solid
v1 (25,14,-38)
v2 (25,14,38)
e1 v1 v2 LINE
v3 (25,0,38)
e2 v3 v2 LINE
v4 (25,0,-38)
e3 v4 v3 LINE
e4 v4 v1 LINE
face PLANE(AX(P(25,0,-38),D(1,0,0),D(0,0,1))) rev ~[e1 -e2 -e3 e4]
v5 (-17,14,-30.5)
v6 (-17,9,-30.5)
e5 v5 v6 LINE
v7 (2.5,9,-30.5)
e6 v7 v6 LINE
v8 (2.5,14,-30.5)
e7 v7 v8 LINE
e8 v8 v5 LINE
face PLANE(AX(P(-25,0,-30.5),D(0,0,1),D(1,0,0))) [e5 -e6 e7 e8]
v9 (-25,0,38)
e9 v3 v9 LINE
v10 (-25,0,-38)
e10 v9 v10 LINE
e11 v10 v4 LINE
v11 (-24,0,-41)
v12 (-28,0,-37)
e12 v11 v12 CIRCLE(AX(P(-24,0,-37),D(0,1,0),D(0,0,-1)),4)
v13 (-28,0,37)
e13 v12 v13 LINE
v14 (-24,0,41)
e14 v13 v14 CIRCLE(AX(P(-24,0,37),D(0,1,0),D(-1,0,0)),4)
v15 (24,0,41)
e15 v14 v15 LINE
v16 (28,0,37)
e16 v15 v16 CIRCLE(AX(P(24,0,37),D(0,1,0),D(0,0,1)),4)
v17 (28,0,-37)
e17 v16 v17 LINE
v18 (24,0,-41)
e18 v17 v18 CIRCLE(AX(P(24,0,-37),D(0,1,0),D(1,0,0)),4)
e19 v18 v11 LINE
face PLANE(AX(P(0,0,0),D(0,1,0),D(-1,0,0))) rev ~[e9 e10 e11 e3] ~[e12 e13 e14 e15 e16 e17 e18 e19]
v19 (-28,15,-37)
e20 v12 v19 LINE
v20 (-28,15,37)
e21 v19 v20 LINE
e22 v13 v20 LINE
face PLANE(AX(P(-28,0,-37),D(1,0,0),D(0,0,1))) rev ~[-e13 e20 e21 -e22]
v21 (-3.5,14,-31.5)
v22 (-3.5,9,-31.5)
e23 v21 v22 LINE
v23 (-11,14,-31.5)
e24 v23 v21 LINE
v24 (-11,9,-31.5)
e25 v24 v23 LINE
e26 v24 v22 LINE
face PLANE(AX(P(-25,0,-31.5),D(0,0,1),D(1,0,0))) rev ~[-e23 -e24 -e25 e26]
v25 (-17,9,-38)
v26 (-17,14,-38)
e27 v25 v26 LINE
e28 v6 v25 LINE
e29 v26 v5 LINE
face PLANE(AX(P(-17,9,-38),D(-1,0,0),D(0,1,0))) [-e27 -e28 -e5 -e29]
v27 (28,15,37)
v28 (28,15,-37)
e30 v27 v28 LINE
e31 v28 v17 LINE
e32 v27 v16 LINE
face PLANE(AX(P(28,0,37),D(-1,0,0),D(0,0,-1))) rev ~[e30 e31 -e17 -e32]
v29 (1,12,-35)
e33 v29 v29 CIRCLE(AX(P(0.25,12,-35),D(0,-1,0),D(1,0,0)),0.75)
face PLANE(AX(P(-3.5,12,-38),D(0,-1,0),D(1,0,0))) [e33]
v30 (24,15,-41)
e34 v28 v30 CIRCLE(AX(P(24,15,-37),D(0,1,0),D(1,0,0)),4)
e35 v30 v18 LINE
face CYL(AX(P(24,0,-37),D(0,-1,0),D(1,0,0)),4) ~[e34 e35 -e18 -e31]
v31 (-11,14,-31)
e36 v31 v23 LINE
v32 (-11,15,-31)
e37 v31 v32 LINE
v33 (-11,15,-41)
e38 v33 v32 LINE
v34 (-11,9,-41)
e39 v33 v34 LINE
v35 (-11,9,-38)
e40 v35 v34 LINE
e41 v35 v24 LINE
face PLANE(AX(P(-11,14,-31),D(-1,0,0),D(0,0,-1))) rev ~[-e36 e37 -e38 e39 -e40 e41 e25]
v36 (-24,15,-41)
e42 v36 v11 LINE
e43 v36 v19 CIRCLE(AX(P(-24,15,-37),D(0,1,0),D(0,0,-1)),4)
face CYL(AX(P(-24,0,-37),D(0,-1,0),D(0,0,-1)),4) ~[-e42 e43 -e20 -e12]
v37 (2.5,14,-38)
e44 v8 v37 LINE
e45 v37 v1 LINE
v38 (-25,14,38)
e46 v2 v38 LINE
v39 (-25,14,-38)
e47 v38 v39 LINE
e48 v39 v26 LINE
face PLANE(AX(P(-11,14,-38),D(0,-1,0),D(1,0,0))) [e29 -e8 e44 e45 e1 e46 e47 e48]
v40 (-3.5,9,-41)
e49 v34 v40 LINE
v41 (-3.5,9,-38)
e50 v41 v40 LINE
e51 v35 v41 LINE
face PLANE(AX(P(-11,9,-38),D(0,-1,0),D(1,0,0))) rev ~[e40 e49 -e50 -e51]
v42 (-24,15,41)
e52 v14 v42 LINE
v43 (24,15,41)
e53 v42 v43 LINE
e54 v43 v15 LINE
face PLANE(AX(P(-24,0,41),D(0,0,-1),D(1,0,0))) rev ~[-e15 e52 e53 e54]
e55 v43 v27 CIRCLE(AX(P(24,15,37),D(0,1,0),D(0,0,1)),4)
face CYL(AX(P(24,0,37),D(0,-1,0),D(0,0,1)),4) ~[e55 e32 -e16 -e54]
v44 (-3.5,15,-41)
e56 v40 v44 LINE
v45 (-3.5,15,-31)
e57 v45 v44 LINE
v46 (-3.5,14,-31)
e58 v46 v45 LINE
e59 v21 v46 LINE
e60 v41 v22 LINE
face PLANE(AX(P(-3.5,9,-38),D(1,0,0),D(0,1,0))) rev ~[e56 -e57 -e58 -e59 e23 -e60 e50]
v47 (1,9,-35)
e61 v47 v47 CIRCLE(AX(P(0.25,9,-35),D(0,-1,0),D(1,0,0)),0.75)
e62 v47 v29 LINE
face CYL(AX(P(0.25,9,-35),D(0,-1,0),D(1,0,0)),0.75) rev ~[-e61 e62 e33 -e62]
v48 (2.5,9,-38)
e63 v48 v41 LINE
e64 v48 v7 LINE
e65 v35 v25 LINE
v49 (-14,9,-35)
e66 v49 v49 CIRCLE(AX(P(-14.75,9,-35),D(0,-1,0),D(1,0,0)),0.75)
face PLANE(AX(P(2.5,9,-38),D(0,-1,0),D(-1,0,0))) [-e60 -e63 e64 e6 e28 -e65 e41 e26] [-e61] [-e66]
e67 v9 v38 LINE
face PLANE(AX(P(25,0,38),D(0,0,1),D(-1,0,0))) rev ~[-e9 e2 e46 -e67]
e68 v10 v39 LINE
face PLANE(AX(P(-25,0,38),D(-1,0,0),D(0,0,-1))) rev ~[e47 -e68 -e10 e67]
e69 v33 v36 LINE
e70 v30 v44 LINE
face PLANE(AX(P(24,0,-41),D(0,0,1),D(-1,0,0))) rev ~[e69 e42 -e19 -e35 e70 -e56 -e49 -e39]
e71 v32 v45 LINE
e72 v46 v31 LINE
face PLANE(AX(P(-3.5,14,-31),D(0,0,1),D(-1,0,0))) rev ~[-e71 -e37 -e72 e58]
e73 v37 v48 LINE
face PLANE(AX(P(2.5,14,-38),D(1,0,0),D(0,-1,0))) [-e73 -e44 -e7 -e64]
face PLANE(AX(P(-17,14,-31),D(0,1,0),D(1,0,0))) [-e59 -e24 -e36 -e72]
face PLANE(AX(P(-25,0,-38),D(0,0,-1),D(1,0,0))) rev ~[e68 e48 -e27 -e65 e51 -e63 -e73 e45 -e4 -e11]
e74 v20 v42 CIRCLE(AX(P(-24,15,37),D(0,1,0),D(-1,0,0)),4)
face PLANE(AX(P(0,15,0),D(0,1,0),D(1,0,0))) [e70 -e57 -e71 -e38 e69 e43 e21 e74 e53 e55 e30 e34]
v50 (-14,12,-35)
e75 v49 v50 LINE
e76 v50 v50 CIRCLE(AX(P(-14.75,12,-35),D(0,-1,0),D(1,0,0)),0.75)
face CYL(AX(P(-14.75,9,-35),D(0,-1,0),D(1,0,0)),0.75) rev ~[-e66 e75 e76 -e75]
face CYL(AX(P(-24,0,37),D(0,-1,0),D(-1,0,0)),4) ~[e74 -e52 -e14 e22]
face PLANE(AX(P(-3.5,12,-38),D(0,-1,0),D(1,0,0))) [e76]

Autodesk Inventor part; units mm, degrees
ref_plane "YZ Plane" through (0, 0, 0) normal (1, 0, 0) x (0, 1, 0)
ref_plane "XZ Plane" through (0, 0, 0) normal (0, 1, 0) x (-1, 0, 0)
ref_plane "XY Plane" through (0, 0, 0) normal (0, 0, 1) x (1, 0, 0)
sketch "Boceto1" plane through (0, 0, 0) normal (0, 1, 0) x (-1, 0, 0)
  point P0 (0, 0)
sketch "Boceto2" plane through (0, 0, 0) normal (0, 1, 0) x (-1, 0, 0)
  line L0 (-25, 38) -> (25, 38)
  line L1 (25, 38) -> (25, -38)
  line L2 (25, -38) -> (-25, -38)
  line L3 (-25, -38) -> (-25, 38)
  line L4 (-25, 38) -> (25, -38) construction
  line L5 (25, 38) -> (-25, -38) construction
  line L6 (28, -37) -> (28, 37)
  line L7 (24, 41) -> (-24, 41)
  line L8 (-28, 37) -> (-28, -37)
  line L9 (-24, -41) -> (24, -41)
  arc A0 (28, 37) -> (24, 41) centre (24, 37) ccw
  arc A1 (-24, 41) -> (-28, 37) centre (-24, 37) ccw
  arc A2 (-28, -37) -> (-24, -41) centre (-24, -37) ccw
  arc A3 (24, -41) -> (28, -37) centre (24, -37) ccw
  point P0 (0, 0)
  dimension "d0" = 50
  dimension "d1" = 76
  dimension "d2" = 3
  dimension "d3" = 4
extrude "Extrusión1" add sketch "Boceto2" along normal blind 14
sketch "Boceto3" plane through (0, 14, 0) normal (0, 1, 0) x (1, 0, 0)
  arc A0 (-28, -37) -> (-24, -41) centre (-24, -37) ccw projected
  line L0 (-24, -41) -> (24, -41) projected
  arc A1 (24, -41) -> (28, -37) centre (24, -37) ccw projected
  line L1 (28, -37) -> (28, 37) projected
  arc A2 (28, 37) -> (24, 41) centre (24, 37) ccw projected
  line L2 (24, 41) -> (-24, 41) projected
  arc A3 (-24, 41) -> (-28, 37) centre (-24, 37) ccw projected
  line L3 (-28, 37) -> (-28, -37) projected
  line L4 (25, -38) -> (-25, -38) projected
  line L5 (-25, -38) -> (-25, 38) projected
  line L6 (-25, 38) -> (25, 38) projected
  line L7 (25, 38) -> (25, -38) projected
  point P0 (0, 0)
extrude "Extrusión2" add sketch "Boceto3" along normal blind 1 contours L3 A3 L2 A2 L1 A1 L0 A0 | L4 L5 L6 L7
sketch "Boceto4" plane through (-25, 0, -38) normal (0, 0, 1) x (1, 0, 0)
  line L0 (0, 0) -> (50, 0) projected
  line L1 (50, 0) -> (50, 14) projected
  line L2 (0, 14) -> (50, 14) projected
  line L3 (0, 0) -> (0, 14) projected
  line L4 (0, 14) -> (10, 14)
  line L5 (10, 14) -> (14, 14)
  line L6 (14, 14) -> (14, 9)
  line L7 (14, 9) -> (10, 9)
  line L8 (10, 9) -> (10, 14)
  line L9 (14, 9) -> (21.5, 9)
  line L10 (21.5, 9) -> (21.5, 14)
  line L11 (21.5, 14) -> (14, 14)
  line L12 (14, 14) -> (14, 9)
  point P0 (25, 0)
  dimension "d8" = 10
  dimension "d9" = 4
  dimension "d10" = 5
  dimension "d11" = 7.5
  dimension "d12" = 5
extrude "Extrusión3" cut sketch "Boceto4" against normal through all contours L10 L9 L6 L2
sketch "Boceto5" plane through (-25, 0, -38) normal (0, 0, 1) x (1, 0, 0)
  line L0 (21.5, 14) -> (21.5, 9) projected
  line L1 (21.5, 9) -> (14, 9) projected
  line L2 (14, 9) -> (14, 14) projected
  line L3 (0, 14) -> (14, 14) projected
  line L4 (0, 0) -> (0, 14) projected
  line L5 (0, 0) -> (50, 0) projected
  line L6 (50, 0) -> (50, 14) projected
  line L7 (21.5, 14) -> (50, 14) projected
  line L8 (14, 9) -> (8, 9)
  line L9 (8, 9) -> (8, 14)
  line L10 (8, 14) -> (14, 14)
  line L11 (14, 14) -> (14, 9)
  line L12 (21.5, 14) -> (27.5, 14)
  line L13 (27.5, 14) -> (27.5, 9)
  line L14 (27.5, 9) -> (21.5, 9)
  line L15 (21.5, 9) -> (21.5, 14)
  point P0 (25, 0)
  dimension "d15" = 6
  dimension "d16" = 6
extrude "Extrusión4" add sketch "Boceto5" along normal blind 7 contours L7 L13 L14 L0 | L8 L9 L3 L2
sketch "Boceto6" plane through (0, 14, 0) normal (0, -1, 0) x (1, 0, 0)
  line L0 (-3.5, -41) -> (-3.5, -31) projected
  line L1 (-3.5, -31) -> (2.5, -31) projected
  line L2 (2.5, -31) -> (2.5, -38) projected
  line L3 (2.5, -38) -> (25, -38) projected
  line L4 (25, -38) -> (25, 38) projected
  line L5 (25, 38) -> (-25, 38) projected
  line L6 (-25, 38) -> (-25, -38) projected
  line L7 (-25, -38) -> (-17, -38) projected
  line L8 (-17, -38) -> (-17, -31) projected
  line L9 (-17, -31) -> (-11, -31) projected
  line L10 (-11, -31) -> (-11, -41) projected
  line L11 (-3.5, -41) -> (-11, -41) projected
  line L12 (-3.5, -31) -> (-11, -31)
  point P0 (0, 0)
extrude "Extrusión5" cut sketch "Boceto6" against normal blind 7 contours L11 L10 L12 L0
sketch "Boceto7" plane through (-3.5, 9, -38) normal (0, -1, 0) x (1, 0, 0)
  line L0 (-7.5, 0) -> (-13.5, 0) projected
  line L1 (-7.5, 0) -> (-7.5, 7) projected
  line L2 (-13.5, 7) -> (-7.5, 7) projected
  line L3 (-13.5, 0) -> (-13.5, 7) projected
  line L4 (6, 0) -> (0, 0) projected
  line L5 (6, 0) -> (6, 7) projected
  line L6 (0, 7) -> (6, 7) projected
  line L7 (0, 0) -> (0, 7) projected
  circle A0 centre (-11.25, 3) radius 0.75
  circle A1 centre (3.75, 3) radius 0.75
  point P0 (3.5, 38)
  dimension "d21" = 1.5
  dimension "d22" = 1.5
  dimension "d23" = 15
  dimension "d24" = 2.25
  dimension "d25" = 2.25
  dimension "d30" = 4
  dimension "d31" = 3
  dimension "d32" = 3
  dimension "d33" = 4
extrude "Extrusión6" cut sketch "Boceto7" against normal blind 3 contours A0 | A1
sketch "Boceto8" plane through (-25, 0, -31) normal (0, 0, 1) x (1, 0, 0)
  line L0 (14, 9) -> (14, 14) projected
  line L1 (8, 14) -> (14, 14) projected
  line L2 (8, 14) -> (8, 9) projected
  line L3 (8, 9) -> (14, 9) projected
  line L4 (27.5, 9) -> (27.5, 14) projected
  line L5 (21.5, 14) -> (27.5, 14) projected
  line L6 (21.5, 14) -> (21.5, 9) projected
  line L7 (21.5, 9) -> (27.5, 9) projected
  line L8 (14, 9) -> (8, 9) projected
  line L9 (14, 9) -> (21.5, 9)
  line L10 (21.5, 9) -> (21.5, 14)
  line L11 (21.5, 14) -> (14, 14)
  line L12 (14, 14) -> (14, 9)
  point P0 (25, 0)
extrude "Extrusión7" add sketch "Boceto8" along normal mid plane 1
properties part number "Pieza2_3DPrint"
